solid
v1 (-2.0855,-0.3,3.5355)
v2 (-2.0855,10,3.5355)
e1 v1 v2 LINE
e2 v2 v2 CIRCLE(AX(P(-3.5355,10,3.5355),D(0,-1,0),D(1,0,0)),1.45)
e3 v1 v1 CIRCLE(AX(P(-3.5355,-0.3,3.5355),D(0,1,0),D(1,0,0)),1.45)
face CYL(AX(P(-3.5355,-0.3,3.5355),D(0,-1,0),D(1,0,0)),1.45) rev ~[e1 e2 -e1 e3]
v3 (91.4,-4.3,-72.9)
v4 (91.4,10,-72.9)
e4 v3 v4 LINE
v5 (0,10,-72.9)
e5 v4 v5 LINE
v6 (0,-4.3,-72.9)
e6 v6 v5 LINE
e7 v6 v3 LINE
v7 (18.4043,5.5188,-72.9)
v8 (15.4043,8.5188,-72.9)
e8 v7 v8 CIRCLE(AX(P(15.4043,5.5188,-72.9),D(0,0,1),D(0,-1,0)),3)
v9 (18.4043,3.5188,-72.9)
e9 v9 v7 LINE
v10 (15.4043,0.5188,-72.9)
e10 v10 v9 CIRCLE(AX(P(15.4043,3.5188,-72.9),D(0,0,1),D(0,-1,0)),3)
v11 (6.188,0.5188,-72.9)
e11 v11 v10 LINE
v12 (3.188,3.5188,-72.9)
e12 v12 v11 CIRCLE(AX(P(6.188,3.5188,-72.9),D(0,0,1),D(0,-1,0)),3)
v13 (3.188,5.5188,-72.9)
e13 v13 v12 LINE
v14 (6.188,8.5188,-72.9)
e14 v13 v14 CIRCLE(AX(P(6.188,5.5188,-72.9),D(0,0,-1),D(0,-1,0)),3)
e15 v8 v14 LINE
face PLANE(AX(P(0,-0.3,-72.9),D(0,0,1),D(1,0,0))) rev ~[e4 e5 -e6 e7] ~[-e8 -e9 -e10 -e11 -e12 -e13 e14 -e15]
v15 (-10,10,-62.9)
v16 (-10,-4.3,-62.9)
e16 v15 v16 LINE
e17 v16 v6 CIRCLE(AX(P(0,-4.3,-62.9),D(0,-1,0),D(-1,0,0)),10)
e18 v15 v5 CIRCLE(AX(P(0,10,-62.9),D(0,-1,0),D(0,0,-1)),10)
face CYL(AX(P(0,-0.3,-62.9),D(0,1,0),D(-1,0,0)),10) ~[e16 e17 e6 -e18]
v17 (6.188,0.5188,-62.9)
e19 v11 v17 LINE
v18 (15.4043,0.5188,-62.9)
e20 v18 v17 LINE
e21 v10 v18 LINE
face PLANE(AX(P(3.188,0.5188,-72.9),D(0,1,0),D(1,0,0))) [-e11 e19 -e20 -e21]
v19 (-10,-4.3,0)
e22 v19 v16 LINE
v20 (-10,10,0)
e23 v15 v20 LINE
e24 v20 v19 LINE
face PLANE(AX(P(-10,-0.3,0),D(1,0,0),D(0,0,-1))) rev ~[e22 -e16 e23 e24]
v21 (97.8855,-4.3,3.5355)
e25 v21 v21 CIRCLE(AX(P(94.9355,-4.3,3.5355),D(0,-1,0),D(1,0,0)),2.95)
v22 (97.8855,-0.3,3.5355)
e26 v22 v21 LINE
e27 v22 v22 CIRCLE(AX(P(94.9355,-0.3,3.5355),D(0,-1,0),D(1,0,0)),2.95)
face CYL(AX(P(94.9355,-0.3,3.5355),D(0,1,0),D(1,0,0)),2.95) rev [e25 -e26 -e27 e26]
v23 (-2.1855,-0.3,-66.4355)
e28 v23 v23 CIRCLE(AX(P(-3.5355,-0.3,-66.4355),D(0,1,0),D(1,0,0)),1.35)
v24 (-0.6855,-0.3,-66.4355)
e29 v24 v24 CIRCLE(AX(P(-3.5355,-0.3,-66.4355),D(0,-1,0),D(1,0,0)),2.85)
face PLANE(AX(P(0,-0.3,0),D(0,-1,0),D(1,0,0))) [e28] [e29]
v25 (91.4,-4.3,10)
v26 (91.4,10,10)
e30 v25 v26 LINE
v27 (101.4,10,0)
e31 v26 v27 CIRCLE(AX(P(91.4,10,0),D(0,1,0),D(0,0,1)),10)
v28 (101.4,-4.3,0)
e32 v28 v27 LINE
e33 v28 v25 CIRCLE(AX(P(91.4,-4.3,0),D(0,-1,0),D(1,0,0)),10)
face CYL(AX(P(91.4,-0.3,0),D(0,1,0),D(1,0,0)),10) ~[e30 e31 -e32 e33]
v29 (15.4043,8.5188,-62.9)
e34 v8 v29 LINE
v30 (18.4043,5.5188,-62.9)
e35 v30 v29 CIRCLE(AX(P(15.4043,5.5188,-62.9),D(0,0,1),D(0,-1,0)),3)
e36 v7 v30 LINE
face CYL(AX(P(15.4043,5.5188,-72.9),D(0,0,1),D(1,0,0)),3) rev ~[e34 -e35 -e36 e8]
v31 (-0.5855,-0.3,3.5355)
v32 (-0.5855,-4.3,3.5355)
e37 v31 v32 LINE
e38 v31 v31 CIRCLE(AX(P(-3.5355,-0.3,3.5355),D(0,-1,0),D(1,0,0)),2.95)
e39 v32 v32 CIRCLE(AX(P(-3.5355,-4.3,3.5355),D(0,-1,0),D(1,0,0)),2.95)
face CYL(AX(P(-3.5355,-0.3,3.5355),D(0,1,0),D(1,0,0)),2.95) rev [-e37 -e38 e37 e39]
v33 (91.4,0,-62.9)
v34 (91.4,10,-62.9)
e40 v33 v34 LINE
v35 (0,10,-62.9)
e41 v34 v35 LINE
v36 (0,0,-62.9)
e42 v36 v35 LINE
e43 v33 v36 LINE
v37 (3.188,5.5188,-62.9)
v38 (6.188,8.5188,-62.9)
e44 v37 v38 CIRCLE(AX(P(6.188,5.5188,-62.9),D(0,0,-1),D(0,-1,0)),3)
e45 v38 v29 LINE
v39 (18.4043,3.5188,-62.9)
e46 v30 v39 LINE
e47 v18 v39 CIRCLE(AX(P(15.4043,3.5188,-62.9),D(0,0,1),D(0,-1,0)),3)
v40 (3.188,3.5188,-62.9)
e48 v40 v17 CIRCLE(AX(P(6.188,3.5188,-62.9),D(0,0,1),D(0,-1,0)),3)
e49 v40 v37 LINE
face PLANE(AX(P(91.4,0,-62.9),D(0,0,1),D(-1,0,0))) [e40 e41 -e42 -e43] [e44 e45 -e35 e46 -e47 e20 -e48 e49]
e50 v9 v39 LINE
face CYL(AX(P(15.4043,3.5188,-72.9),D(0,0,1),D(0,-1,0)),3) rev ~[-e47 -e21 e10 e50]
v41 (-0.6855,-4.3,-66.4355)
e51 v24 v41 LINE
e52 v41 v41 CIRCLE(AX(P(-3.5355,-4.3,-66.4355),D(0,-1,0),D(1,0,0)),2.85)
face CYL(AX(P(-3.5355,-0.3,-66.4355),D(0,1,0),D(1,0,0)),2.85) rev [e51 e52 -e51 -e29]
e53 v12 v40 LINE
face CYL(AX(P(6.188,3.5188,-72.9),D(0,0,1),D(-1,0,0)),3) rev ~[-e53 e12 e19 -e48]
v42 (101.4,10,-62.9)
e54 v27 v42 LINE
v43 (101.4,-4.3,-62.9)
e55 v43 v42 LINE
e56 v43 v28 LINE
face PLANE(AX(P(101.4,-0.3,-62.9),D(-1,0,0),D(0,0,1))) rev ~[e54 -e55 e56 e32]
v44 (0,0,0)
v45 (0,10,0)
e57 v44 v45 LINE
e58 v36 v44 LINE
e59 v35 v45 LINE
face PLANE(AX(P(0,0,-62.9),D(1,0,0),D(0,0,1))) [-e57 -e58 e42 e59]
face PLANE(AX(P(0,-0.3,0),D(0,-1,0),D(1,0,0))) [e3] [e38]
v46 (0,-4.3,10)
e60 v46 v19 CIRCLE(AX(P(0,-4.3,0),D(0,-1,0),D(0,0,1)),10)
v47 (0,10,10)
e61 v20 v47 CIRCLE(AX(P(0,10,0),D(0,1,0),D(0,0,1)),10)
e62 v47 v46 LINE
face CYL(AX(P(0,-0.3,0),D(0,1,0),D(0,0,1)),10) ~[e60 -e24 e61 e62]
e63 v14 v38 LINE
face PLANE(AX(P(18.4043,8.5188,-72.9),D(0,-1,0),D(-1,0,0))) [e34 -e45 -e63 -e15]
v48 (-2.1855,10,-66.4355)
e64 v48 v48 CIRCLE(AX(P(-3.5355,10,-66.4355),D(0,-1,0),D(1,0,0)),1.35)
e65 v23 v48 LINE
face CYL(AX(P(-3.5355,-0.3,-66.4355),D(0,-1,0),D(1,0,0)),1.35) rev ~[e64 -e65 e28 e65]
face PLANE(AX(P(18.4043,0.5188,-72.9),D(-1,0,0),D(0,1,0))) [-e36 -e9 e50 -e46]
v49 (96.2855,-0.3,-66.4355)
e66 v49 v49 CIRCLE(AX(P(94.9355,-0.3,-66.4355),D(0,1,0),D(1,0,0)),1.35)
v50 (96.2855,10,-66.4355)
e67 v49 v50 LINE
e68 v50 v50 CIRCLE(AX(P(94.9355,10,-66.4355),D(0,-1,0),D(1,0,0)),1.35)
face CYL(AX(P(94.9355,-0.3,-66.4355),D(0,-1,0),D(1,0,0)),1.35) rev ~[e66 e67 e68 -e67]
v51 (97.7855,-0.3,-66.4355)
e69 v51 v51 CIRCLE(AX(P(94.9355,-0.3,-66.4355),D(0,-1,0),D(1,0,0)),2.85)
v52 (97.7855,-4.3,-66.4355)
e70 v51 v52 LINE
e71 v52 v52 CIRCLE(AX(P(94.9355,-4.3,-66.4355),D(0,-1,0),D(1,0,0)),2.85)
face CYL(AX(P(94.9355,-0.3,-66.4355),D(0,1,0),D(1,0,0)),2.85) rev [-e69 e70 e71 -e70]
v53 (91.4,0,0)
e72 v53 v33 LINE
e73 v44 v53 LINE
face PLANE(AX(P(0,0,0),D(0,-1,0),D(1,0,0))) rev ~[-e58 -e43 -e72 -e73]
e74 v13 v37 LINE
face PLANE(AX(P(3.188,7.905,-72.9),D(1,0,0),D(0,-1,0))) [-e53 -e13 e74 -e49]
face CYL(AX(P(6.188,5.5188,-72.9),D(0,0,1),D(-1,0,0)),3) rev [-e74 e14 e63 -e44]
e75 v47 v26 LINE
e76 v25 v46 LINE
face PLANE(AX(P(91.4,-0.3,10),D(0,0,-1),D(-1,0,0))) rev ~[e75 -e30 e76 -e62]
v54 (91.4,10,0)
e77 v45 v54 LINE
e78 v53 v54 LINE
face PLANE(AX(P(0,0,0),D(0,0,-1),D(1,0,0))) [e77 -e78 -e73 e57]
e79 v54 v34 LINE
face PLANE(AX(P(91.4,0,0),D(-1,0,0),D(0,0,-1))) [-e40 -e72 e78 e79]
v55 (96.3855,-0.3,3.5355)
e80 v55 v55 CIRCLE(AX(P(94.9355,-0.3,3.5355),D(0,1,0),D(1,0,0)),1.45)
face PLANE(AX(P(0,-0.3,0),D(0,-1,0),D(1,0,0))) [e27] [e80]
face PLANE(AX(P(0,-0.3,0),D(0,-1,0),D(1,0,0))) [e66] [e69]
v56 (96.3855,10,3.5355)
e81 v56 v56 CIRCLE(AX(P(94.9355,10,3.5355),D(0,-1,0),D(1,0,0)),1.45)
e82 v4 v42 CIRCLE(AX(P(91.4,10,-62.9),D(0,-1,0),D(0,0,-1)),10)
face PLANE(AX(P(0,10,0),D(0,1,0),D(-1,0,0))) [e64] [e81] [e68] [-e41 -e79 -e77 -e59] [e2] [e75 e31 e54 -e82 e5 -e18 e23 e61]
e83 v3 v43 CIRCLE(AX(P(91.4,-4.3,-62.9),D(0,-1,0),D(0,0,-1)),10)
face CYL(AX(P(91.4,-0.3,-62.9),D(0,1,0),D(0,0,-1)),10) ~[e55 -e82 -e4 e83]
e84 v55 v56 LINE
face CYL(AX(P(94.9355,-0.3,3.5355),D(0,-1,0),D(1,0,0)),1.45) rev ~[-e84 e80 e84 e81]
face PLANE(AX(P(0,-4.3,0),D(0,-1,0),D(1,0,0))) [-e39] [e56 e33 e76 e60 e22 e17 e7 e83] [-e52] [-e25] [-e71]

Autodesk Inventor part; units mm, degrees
ref_plane "YZ Plane" through (0, 0, 0) normal (1, 0, 0) x (0, 1, 0)
ref_plane "XZ Plane" through (0, 0, 0) normal (0, 1, 0) x (-1, 0, 0)
ref_plane "XY Plane" through (0, 0, 0) normal (0, 0, 1) x (1, 0, 0)
sketch "Sketch1" plane through (0, 0, 0) normal (0, 1, 0) x (-1, 0, 0)
  line L0 (0, 0) -> (-91.4, 0)
  line L1 (-91.4, 0) -> (-91.4, -62.9)
  line L2 (-91.4, -62.9) -> (0, -62.9)
  line L3 (0, -62.9) -> (0, 0)
  line L4 (10, 10) -> (-101.4, 10)
  line L5 (-101.4, 10) -> (-101.4, -72.9)
  line L6 (-101.4, -72.9) -> (10, -72.9)
  line L7 (10, -72.9) -> (10, 10)
  dimension "d0" = 91.4
  dimension "d1" = 62.9
  dimension "d4" = 10
extrude "Extrusion1" add sketch "Sketch1" along normal blind 10
sketch "Sketch2" plane through (0, 0, 0) normal (0, -1, 0) x (1, 0, 0)
  line L0 (101.4, 10) -> (101.4, -72.9) projected
  line L1 (101.4, -72.9) -> (-10, -72.9) projected
  line L2 (-10, -72.9) -> (-10, 10) projected
  line L3 (-10, 10) -> (101.4, 10) projected
  point P0 (0, 0)
extrude "Extrusion2" add sketch "Sketch2" along normal blind 0.3
fillet "Fillet1" radius 10 4 edges at (-10, 4.85, -72.9) (101.4, 4.85, -72.9) (101.4, 4.85, 10) (-10, 4.85, 10)
sketch "Sketch5" plane through (0, -0.3, 0) normal (0, -1, 0) x (1, 0, 0)
  arc A0 (0, 10) -> (-10, 0) centre (0, 0) ccw projected
  line L0 (-10, 0) -> (-10, -62.9) projected
  arc A1 (-10, -62.9) -> (0, -72.9) centre (0, -62.9) ccw projected
  line L1 (0, -72.9) -> (91.4, -72.9) projected
  arc A2 (91.4, -72.9) -> (101.4, -62.9) centre (91.4, -62.9) ccw projected
  line L2 (101.4, -62.9) -> (101.4, 0) projected
  arc A3 (101.4, 0) -> (91.4, 10) centre (91.4, 0) ccw projected
  line L3 (91.4, 10) -> (0, 10) projected
  line L4 (91.4, 0) -> (0, 0) projected
  line L5 (91.4, -62.9) -> (91.4, 0) projected
  line L6 (0, -62.9) -> (91.4, -62.9) projected
  line L7 (0, 0) -> (0, -62.9) projected
  line L8 (-2.5102, 4.5608) -> (-1.9699, 5.1011)
  circle A4 centre (-3.5355, 3.5355) radius 1.45
  line L9 (45.7, 0) -> (45.7, -31.45)
  line L10 (93.635, 4.1768) -> (91.995, 4.9855)
  circle A5 centre (94.9355, 3.5355) radius 1.45
  line L11 (95.8901, -65.4809) -> (96.3855, -64.9855)
  line L12 (-4.4901, -65.4809) -> (-4.9855, -64.9855)
  circle A6 centre (-3.5355, -66.4355) radius 1.35
  circle A7 centre (94.9355, -66.4355) radius 1.35
  line L13 (0, 0) -> (-2.5102, 2.5102)
  line L14 (-4.5608, 4.5608) -> (-7.0711, 7.0711)
  line L15 (91.4, 0) -> (93.9102, 2.5102)
  line L16 (95.9608, 4.5608) -> (98.4711, 7.0711)
  line L17 (91.4, -62.9) -> (93.9809, -65.4809)
  line L18 (95.8901, -67.3901) -> (98.4711, -69.9711)
  line L19 (0, -62.9) -> (-2.5809, -65.4809)
  line L20 (-4.4901, -67.3901) -> (-7.0711, -69.9711)
extrude "Extrusion3" cut sketch "Sketch5" against normal blind 16 contours A4 | A5 | A6 | A7
sketch "Sketch6" plane through (0, -0.3, 0) normal (0, -1, 0) x (1, 0, 0)
  circle A0 centre (94.9355, -66.4355) radius 1.35 projected
  circle A1 centre (94.9355, 3.5355) radius 1.45 projected
  circle A2 centre (-3.5355, -66.4355) radius 1.35 projected
  circle A3 centre (-3.5355, 3.5355) radius 1.45 projected
  arc A4 (0, 10) -> (-10, 0) centre (0, 0) ccw projected
  line L0 (-10, 0) -> (-10, -62.9) projected
  arc A5 (-10, -62.9) -> (0, -72.9) centre (0, -62.9) ccw projected
  line L1 (0, -72.9) -> (91.4, -72.9) projected
  arc A6 (91.4, -72.9) -> (101.4, -62.9) centre (91.4, -62.9) ccw projected
  line L2 (101.4, -62.9) -> (101.4, 0) projected
  arc A7 (101.4, 0) -> (91.4, 10) centre (91.4, 0) ccw projected
  line L3 (91.4, 10) -> (0, 10) projected
  circle A8 centre (-3.5355, -66.4355) radius 2.85
  circle A9 centre (-3.5355, 3.5355) radius 2.95
  circle A10 centre (94.9355, 3.5355) radius 2.95
  circle A11 centre (94.9355, -66.4355) radius 2.85
  point P0 (0, 0)
  dimension "d16" = 1.5
  dimension "d17" = 1.5
  dimension "d18" = 1.5
  dimension "d19" = 1.5
extrude "Extrusion4" add sketch "Sketch6" along normal blind 4 contours L3 A7 L2 A6 L1 A5 L0 A4
sketch "Sketch7" plane through (91.4, 10, -72.9) normal (0, 0, -1) x (-1, 0, 0)
  line L0 (88.212, -2.095) -> (88.212, -9.4812)
  line L1 (88.212, -9.4812) -> (72.9957, -9.4812)
  line L2 (72.9957, -9.4812) -> (72.9957, -2.095)
  line L3 (88.212, -2.095) -> (88.212, -3.345)
  line L4 (72.9957, -3.345) -> (72.9957, -2.095)
  line L5 (88.212, -9.4812) -> (72.9957, -9.4812)
  line L6 (72.9957, -9.4812) -> (72.9957, -1.4812)
  line L7 (72.9957, -1.4812) -> (88.212, -1.4812)
  line L8 (88.212, -1.4812) -> (88.212, -9.4812)
  point P0 (91.4, -10)
  dimension "d24" = 1.25
extrude "Extrusion5" cut sketch "Sketch7" against normal blind 44.15
fillet "Fillet2" radius 3 4 edges at (18.4043, 0.5188, -67.9) (3.188, 0.5188, -67.9) (18.4043, 8.5188, -67.9) (3.188, 8.5188, -67.9)
properties part number "Bottom"
